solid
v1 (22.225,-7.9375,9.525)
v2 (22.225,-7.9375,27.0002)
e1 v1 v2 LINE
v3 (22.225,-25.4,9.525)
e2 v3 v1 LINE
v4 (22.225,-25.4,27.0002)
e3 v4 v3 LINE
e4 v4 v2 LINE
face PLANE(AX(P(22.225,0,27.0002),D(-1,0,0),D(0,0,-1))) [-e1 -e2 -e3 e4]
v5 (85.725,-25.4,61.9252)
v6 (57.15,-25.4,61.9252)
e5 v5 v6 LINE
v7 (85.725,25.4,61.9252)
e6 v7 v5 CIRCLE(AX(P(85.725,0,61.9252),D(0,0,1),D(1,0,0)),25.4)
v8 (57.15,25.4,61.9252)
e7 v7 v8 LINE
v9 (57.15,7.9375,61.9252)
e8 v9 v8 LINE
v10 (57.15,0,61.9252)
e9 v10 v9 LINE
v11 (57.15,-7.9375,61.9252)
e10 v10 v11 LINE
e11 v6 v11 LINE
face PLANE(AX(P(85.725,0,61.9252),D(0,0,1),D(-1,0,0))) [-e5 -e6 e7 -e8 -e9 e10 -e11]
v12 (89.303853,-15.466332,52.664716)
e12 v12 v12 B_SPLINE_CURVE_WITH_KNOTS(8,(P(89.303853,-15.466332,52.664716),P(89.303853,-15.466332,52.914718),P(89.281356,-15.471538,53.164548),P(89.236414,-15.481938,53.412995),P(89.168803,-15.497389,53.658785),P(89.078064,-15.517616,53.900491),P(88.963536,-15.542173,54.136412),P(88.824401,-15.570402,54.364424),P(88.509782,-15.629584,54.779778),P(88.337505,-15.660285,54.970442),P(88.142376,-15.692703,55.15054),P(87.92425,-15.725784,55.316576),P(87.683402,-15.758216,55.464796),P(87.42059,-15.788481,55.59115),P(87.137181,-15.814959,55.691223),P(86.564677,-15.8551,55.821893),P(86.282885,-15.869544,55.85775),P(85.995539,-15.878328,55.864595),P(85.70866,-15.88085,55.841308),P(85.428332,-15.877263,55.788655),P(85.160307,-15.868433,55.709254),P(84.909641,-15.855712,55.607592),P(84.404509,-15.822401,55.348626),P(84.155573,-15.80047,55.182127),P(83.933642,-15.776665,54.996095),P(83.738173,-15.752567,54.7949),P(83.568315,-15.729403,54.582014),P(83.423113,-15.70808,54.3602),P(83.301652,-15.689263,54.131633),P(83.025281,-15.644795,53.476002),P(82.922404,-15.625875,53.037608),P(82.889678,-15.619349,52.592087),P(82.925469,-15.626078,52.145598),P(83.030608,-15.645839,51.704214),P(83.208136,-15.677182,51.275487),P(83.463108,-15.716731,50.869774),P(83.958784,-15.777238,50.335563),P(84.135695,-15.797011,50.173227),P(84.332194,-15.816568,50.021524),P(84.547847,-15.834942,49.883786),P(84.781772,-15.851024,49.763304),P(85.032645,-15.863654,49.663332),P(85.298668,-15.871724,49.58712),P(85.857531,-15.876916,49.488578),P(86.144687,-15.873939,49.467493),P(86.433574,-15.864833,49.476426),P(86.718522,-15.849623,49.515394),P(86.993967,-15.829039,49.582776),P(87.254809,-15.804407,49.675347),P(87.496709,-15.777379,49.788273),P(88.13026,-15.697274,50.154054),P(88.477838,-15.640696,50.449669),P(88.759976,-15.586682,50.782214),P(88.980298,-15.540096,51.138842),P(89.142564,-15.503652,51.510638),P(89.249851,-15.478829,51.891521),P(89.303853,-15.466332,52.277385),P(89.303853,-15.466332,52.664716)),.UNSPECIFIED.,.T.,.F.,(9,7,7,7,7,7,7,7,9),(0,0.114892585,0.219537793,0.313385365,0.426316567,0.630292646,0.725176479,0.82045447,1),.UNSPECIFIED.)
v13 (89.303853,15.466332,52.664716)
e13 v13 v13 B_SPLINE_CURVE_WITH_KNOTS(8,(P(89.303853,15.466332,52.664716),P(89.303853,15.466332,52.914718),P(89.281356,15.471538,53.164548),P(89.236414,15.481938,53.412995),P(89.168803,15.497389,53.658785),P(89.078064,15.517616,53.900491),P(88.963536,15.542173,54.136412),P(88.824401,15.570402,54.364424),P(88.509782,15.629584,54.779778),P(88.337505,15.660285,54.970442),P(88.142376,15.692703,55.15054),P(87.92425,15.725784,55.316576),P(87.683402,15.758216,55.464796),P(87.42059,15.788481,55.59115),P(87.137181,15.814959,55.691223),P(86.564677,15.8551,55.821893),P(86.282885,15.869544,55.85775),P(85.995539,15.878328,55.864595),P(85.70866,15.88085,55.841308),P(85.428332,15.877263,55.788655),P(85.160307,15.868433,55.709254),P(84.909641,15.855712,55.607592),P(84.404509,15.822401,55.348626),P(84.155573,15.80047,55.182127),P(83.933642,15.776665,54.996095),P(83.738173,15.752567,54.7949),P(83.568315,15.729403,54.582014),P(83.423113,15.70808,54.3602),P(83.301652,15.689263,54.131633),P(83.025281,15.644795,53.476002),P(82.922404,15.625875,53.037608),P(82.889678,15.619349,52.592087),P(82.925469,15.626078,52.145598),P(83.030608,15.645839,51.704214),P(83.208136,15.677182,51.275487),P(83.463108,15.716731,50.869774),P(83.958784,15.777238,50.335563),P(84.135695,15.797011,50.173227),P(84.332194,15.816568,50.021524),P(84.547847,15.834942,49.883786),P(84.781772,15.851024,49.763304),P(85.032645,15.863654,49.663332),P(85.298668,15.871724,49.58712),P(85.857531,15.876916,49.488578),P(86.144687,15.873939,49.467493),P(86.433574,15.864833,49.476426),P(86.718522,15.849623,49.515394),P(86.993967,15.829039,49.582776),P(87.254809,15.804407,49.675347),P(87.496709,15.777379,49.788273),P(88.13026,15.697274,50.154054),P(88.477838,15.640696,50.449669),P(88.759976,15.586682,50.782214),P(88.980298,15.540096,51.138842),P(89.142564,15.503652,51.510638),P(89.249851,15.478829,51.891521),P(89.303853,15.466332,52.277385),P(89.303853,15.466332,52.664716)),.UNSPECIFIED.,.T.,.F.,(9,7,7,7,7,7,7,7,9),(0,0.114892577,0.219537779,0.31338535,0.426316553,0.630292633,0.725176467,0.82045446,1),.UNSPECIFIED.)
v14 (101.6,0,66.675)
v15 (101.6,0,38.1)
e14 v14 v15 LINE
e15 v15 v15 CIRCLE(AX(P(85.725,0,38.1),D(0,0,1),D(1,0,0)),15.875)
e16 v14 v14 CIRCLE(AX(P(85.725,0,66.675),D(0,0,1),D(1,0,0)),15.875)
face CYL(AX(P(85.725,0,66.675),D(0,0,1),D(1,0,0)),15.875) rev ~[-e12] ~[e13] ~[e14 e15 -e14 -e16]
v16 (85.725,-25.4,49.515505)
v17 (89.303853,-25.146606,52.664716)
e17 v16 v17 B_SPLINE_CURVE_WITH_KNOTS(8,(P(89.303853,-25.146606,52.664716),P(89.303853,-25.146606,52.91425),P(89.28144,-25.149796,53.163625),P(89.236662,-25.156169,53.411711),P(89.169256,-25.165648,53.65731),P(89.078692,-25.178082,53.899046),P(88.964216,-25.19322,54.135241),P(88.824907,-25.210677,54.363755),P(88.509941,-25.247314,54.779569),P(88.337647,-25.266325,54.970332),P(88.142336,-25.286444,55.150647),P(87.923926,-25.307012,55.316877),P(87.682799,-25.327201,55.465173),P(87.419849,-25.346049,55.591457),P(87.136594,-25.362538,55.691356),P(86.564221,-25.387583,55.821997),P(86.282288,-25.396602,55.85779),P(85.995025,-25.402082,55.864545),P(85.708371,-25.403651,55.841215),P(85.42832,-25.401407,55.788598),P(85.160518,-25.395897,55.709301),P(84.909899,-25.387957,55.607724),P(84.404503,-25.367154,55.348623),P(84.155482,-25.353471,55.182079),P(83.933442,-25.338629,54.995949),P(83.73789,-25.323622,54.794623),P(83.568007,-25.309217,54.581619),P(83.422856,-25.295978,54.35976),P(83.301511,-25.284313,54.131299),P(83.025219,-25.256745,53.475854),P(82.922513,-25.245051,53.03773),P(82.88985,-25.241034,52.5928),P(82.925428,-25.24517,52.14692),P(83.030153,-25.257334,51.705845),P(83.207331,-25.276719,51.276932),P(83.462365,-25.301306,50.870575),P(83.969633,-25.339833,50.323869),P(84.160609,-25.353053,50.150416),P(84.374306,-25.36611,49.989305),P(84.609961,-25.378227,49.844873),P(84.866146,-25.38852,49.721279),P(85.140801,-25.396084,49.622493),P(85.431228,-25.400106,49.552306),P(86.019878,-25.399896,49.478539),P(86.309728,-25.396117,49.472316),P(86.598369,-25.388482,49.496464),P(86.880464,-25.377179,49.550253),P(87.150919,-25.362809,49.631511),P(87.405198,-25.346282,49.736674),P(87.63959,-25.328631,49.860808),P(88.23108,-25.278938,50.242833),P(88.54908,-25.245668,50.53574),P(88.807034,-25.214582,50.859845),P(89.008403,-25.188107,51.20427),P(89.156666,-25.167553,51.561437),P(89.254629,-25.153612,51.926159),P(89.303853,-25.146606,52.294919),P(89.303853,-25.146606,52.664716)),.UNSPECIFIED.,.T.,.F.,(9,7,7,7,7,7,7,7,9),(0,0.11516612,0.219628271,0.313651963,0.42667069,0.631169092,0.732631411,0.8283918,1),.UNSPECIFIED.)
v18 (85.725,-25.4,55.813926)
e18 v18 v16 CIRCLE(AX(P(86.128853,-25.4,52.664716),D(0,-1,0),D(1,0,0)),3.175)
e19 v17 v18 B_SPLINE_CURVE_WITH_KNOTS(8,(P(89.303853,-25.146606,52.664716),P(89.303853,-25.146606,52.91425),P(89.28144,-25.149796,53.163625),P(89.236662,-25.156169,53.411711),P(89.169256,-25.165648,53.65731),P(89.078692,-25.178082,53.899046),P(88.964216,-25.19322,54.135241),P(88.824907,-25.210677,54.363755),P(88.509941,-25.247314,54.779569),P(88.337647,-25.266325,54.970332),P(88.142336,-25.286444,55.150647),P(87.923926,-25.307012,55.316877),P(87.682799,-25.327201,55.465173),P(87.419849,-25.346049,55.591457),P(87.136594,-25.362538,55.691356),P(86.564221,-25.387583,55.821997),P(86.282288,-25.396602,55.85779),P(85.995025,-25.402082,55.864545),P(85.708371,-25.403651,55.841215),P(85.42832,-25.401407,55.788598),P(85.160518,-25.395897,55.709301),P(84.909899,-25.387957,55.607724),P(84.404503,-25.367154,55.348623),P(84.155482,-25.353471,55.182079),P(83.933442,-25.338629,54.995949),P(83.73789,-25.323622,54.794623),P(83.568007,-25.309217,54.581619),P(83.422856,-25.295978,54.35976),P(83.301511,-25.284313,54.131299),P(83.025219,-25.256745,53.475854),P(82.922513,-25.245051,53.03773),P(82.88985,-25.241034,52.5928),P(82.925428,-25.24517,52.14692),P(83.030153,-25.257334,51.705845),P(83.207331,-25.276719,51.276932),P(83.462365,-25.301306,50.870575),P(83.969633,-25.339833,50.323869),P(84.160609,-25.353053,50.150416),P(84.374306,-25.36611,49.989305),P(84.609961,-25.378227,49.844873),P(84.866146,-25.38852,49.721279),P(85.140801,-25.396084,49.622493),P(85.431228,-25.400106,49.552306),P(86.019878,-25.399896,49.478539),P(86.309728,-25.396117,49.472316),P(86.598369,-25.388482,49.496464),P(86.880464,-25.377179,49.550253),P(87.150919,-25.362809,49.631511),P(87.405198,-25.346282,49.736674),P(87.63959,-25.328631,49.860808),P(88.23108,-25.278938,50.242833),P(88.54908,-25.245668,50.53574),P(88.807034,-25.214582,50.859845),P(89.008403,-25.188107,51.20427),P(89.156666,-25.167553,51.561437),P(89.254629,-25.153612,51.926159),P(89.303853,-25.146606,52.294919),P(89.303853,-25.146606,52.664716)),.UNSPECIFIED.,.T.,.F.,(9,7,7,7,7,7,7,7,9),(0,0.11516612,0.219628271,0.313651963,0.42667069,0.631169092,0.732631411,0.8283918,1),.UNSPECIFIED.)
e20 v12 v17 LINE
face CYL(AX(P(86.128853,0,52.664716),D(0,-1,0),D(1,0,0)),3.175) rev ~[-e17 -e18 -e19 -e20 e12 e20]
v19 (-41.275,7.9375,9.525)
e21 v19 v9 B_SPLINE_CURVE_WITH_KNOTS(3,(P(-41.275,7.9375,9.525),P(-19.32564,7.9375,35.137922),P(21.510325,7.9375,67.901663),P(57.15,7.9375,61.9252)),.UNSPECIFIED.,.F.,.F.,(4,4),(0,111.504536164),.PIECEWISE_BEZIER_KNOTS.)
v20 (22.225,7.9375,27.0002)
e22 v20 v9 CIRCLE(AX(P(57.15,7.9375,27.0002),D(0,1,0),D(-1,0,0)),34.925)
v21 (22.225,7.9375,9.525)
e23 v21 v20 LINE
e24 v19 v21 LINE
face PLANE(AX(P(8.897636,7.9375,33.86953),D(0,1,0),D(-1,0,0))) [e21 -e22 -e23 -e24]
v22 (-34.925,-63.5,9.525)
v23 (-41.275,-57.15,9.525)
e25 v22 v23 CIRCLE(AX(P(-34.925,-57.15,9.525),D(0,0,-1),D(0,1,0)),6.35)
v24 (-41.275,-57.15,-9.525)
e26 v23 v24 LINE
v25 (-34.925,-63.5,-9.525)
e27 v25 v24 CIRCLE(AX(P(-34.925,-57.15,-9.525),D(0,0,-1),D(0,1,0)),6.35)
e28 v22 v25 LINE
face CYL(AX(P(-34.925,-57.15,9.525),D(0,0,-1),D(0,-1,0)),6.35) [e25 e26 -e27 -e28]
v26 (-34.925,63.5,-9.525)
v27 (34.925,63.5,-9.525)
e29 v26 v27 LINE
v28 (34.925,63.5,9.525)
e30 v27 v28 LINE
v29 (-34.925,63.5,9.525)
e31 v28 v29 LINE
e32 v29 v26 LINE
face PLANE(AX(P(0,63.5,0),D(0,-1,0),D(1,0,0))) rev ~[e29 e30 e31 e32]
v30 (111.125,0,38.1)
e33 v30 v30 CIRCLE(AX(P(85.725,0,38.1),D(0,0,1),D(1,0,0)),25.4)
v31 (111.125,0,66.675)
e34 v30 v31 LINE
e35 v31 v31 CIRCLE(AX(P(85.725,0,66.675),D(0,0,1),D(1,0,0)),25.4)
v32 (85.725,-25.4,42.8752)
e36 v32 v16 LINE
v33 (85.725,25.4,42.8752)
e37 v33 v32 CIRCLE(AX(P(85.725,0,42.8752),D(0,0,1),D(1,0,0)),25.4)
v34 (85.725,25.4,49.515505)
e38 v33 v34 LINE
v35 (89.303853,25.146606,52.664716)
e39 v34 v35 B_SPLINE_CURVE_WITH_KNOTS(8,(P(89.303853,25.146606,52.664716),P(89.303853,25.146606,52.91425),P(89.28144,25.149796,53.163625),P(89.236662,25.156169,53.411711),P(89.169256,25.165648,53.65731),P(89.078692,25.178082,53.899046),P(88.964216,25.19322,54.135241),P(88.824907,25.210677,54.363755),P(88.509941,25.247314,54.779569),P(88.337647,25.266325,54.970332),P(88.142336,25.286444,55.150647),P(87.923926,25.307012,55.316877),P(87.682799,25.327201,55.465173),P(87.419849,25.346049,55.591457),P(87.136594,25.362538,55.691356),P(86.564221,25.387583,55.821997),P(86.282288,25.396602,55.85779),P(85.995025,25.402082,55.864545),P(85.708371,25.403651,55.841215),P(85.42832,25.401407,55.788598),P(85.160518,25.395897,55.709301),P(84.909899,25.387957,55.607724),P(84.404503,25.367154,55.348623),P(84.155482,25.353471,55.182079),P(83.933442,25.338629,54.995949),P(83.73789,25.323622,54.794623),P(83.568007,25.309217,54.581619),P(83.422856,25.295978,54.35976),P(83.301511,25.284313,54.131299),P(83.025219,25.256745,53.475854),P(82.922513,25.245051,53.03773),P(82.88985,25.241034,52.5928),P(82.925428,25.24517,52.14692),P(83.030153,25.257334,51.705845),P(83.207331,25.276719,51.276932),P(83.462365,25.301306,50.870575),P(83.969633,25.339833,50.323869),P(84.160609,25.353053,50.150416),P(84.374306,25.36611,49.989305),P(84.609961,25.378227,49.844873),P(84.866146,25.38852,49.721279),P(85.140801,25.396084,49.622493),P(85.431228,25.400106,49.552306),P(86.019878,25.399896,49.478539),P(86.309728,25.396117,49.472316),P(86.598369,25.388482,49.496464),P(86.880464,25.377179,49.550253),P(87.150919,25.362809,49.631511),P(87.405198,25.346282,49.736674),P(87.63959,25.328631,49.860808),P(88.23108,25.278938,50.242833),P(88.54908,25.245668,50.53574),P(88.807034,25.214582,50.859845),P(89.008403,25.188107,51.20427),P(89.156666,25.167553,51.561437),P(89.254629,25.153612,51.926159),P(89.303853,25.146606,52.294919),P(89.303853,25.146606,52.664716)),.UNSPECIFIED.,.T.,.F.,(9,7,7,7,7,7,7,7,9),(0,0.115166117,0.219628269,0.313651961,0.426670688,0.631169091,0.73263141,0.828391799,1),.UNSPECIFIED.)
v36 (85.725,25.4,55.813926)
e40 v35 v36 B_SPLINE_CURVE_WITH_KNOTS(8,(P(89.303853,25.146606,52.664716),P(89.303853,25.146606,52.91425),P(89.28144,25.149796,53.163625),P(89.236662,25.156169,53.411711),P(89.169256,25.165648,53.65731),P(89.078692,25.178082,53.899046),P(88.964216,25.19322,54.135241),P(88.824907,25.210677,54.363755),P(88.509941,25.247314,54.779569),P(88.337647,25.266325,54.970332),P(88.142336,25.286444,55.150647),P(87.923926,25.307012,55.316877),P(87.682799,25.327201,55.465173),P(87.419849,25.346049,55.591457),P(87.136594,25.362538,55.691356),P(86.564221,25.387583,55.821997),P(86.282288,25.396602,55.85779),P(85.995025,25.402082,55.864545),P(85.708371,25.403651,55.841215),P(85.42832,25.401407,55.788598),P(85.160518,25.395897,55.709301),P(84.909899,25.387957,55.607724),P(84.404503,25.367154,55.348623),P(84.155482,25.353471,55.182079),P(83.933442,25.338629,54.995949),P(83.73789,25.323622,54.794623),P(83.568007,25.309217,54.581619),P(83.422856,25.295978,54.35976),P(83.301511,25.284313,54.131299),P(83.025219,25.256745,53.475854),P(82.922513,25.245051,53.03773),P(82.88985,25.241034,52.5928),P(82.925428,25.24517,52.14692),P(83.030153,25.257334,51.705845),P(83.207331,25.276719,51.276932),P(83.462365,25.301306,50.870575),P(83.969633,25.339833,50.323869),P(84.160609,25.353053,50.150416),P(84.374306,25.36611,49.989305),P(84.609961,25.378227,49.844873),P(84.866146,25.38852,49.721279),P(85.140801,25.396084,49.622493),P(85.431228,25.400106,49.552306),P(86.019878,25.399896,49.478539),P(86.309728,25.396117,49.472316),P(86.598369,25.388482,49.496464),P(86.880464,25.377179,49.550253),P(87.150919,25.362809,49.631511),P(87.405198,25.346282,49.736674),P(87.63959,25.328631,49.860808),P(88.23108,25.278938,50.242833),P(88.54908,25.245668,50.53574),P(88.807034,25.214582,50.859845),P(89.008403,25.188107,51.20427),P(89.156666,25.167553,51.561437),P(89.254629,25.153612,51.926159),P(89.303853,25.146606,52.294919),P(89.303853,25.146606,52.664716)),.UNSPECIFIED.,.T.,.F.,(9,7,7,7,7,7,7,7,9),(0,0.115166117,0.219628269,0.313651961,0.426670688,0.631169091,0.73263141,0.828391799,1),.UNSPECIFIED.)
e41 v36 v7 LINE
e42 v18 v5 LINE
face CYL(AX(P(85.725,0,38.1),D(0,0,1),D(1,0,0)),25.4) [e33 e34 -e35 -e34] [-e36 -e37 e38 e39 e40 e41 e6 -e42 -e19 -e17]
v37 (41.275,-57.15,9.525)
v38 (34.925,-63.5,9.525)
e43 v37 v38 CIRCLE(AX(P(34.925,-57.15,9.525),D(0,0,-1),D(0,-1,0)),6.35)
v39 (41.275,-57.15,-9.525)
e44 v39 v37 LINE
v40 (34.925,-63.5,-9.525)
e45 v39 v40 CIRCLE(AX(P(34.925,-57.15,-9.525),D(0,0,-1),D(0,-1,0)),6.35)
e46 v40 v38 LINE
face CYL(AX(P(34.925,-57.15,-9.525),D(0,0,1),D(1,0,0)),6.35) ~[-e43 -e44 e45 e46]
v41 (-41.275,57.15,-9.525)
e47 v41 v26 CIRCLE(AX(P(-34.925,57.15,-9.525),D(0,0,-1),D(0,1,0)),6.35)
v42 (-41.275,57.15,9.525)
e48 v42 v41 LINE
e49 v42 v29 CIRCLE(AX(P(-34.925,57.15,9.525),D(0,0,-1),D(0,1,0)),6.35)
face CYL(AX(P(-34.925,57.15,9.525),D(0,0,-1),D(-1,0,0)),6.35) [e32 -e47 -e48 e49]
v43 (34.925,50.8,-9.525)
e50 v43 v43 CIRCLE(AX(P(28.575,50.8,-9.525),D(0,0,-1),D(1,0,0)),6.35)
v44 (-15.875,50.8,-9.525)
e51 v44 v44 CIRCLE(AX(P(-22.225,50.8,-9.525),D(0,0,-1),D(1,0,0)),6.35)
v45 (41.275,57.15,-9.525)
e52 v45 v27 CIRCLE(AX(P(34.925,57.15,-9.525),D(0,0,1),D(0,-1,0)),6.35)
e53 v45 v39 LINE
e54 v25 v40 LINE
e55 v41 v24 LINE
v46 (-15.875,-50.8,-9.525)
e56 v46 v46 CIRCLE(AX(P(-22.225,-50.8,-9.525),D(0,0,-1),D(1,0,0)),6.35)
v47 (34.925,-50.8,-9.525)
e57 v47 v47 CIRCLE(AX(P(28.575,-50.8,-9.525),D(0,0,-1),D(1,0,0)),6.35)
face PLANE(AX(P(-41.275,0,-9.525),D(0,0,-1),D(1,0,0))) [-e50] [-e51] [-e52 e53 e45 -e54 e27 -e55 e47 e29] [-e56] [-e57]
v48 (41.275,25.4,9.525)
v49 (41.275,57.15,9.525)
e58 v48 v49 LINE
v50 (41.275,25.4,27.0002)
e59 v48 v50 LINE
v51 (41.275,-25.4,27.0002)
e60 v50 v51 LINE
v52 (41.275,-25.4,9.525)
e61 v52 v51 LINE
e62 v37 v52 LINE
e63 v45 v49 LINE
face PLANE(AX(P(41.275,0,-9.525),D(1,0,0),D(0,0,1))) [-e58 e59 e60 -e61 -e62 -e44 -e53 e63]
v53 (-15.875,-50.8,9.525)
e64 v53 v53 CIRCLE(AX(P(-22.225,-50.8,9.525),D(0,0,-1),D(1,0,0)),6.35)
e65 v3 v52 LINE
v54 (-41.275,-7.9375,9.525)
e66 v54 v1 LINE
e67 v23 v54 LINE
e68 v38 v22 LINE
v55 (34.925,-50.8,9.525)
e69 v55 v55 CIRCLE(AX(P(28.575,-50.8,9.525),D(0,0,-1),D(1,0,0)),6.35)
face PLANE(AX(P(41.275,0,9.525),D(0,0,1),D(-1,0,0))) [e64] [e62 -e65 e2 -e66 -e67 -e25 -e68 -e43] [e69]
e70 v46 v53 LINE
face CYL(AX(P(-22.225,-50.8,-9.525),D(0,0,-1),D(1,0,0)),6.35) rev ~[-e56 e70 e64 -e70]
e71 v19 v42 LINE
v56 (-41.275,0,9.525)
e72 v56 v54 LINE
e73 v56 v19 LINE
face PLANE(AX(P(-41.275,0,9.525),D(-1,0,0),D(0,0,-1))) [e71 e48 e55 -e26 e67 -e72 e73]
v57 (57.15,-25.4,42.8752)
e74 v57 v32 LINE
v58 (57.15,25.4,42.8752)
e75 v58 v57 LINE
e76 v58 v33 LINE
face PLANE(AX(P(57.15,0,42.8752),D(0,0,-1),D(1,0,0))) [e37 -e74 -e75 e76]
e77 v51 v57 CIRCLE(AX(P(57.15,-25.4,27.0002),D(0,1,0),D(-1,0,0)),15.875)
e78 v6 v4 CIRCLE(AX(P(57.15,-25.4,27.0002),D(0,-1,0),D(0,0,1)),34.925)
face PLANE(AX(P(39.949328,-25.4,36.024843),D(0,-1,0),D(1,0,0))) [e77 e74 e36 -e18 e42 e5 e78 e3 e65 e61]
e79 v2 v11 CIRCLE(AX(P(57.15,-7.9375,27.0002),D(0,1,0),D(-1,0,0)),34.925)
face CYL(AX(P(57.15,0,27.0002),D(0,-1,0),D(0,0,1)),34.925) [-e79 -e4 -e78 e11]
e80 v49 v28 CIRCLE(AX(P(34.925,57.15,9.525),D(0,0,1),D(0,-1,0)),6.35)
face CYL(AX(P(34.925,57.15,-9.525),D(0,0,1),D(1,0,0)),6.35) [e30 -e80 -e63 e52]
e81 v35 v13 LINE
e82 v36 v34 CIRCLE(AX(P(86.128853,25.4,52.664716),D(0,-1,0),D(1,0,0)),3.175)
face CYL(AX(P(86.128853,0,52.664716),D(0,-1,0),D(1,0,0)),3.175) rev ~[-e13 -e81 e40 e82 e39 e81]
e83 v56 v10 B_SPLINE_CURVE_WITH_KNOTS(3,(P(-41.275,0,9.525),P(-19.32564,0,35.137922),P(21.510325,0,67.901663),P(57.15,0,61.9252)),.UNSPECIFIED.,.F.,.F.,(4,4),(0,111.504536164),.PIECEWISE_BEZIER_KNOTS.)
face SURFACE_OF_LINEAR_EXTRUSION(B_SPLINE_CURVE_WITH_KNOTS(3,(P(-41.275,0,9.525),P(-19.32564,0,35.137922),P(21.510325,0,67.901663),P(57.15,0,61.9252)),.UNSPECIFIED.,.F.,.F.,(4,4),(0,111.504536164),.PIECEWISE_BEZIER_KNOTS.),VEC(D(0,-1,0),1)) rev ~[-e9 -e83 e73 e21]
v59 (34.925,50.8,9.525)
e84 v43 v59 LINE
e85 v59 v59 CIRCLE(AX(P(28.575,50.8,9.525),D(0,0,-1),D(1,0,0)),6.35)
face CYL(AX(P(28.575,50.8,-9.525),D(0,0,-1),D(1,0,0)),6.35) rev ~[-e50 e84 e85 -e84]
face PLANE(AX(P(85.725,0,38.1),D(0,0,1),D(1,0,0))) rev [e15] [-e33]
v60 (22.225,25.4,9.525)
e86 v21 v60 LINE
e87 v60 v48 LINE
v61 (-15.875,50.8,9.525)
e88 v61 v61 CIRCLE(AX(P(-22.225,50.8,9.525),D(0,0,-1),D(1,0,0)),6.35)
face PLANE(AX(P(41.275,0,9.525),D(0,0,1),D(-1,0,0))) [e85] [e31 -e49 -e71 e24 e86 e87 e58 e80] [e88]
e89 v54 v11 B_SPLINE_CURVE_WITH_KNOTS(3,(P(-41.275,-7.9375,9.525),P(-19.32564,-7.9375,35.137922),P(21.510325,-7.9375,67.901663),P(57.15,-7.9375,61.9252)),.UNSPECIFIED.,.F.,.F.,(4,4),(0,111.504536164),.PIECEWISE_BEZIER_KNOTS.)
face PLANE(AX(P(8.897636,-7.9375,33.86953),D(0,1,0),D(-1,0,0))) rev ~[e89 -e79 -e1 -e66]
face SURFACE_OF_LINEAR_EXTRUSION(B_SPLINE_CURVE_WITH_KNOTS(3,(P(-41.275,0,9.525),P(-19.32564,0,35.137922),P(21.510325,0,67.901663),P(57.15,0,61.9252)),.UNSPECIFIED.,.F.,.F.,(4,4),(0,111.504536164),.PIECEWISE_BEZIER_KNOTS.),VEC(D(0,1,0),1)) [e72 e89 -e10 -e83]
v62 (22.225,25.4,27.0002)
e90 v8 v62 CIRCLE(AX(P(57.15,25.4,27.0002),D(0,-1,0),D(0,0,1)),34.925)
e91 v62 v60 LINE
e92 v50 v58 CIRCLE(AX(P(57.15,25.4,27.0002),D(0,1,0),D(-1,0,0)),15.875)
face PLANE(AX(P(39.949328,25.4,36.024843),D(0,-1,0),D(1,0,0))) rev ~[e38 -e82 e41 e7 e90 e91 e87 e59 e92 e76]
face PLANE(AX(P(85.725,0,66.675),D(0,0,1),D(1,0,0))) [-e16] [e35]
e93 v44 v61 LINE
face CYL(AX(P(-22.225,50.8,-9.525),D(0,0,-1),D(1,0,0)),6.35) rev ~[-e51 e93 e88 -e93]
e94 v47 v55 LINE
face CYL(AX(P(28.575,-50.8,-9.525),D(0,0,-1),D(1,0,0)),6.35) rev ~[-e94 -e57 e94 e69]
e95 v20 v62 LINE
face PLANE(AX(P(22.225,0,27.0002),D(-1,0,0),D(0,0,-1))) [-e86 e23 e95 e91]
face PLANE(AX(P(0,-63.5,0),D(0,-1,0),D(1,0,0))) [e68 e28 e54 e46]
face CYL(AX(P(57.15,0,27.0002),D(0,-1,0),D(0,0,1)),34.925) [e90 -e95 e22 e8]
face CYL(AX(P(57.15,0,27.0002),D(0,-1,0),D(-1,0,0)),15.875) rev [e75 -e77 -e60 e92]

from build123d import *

# Parameters (mm, degrees)
F1_DEPTH  = 63.5
F0_W      = 25.4
F0_H      = 19.05
F2_DEPTH  = 25.4
F3_DEPTH  = 7.9375
F5_R      = 6.35
F6_R      = 15.875
F7_DEPTH  = 76.201
F8_R      = 6.35
F9_DEPTH  = 76.201
F10_R     = 3.175
F11_DEPTH = 31.75


with BuildPart() as f1:
    # F0 (on Front) → F1 (new body, symmetric)
    with BuildSketch(Plane.XZ):
        Polygon((-41.275, 9.525), (-41.275, -9.525), (41.275, -9.525), (41.275, 9.525), (22.225, 9.525), align=None)
    extrude(amount=F1_DEPTH, both=True)

    # F0 (on Front) → F2 (join, symmetric)
    with BuildSketch(Plane.XZ):
        with BuildLine():
            Line((22.225, 9.525), (41.275, 9.525))
            Line((41.275, 9.525), (41.275, 27.0002))
            ThreePointArc((41.275, 27.0002), (45.9246798487, 38.2255201513), (57.15, 42.8752))
            Line((57.15, 42.8752), (60.325, 42.8752))
            Line((60.325, 42.8752), (60.325, 61.9252))
            Line((60.325, 61.9252), (57.15, 61.9252))
            ThreePointArc((57.15, 61.9252), (32.4542956671, 51.6959043329), (22.225, 27.0002))
            Line((22.225, 27.0002), (22.225, 9.525))
        make_face()
        with Locations((73.025, 52.4002)):
            Rectangle(F0_W, F0_H)
    extrude(amount=F2_DEPTH, both=True)

    # F0 (on Front) → F3 (join, symmetric)
    with BuildSketch(Plane.XZ):
        with BuildLine():
            add(Edge.make_bspline(
                [(-41.275, 9.525), (-19.3256400526, 35.1379215717), (21.5103253722, 67.9016634822), (57.15, 61.9252)],
                knots=[0, 0, 0, 0, 111.5045361635, 111.5045361635, 111.5045361635, 111.5045361635], degree=3))
            Line((-41.275, 9.525), (22.225, 9.525))
            Line((22.225, 9.525), (22.225, 27.0002))
            ThreePointArc((22.225, 27.0002), (32.4542956671, 51.6959043329), (57.15, 61.9252))
        make_face()
    extrude(amount=F3_DEPTH, both=True)

    # F0 (on Front) → F4 (revolve)
    with BuildSketch(Plane.XZ):
        Polygon((85.725, 66.675), (85.725, 61.9252), (85.725, 42.8752), (85.725, 38.1), (111.125, 38.1), (111.125, 66.675), align=None)
    revolve(axis=Axis((85.725, 0, 52.3875), (0, 0, 1)))

    # F5
    f5_edges = [f1.edges().sort_by_distance(p)[0] for p in [
        (-41.275, -63.5, 0),
        (41.275, -63.5, 0),
        (41.275, 63.5, 0),
        (-41.275, 63.5, 0),
    ]]
    fillet(f5_edges, radius=F5_R)

    # F6 (on face) → F7 (cut, through all)
    with BuildSketch(Plane.XY.offset(66.675)):
        with Locations((85.725, 0)):
            Circle(F6_R)
    extrude(amount=-F7_DEPTH, mode=Mode.SUBTRACT)

    # F8 (on face) → F9 (cut, through all)
    with BuildSketch(Plane(origin=(0, 0, -9.525), x_dir=(1, 0, 0), z_dir=(0, 0, -1))):
        with Locations((28.575, 50.8)):
            Circle(F8_R)
        with Locations((-22.225, 50.8)):
            Circle(F8_R)
        with Locations((-22.225, -50.8)):
            Circle(F8_R)
        with Locations((28.575, -50.8)):
            Circle(F8_R)
    extrude(amount=-F9_DEPTH, mode=Mode.SUBTRACT)

    # F10 (on face) → F11 (cut, symmetric)
    with BuildSketch(Plane.XZ):
        with Locations((86.1288532615, 52.6647157967)):
            Circle(F10_R)
    extrude(amount=F11_DEPTH, both=True, mode=Mode.SUBTRACT)


solid = f1.part
